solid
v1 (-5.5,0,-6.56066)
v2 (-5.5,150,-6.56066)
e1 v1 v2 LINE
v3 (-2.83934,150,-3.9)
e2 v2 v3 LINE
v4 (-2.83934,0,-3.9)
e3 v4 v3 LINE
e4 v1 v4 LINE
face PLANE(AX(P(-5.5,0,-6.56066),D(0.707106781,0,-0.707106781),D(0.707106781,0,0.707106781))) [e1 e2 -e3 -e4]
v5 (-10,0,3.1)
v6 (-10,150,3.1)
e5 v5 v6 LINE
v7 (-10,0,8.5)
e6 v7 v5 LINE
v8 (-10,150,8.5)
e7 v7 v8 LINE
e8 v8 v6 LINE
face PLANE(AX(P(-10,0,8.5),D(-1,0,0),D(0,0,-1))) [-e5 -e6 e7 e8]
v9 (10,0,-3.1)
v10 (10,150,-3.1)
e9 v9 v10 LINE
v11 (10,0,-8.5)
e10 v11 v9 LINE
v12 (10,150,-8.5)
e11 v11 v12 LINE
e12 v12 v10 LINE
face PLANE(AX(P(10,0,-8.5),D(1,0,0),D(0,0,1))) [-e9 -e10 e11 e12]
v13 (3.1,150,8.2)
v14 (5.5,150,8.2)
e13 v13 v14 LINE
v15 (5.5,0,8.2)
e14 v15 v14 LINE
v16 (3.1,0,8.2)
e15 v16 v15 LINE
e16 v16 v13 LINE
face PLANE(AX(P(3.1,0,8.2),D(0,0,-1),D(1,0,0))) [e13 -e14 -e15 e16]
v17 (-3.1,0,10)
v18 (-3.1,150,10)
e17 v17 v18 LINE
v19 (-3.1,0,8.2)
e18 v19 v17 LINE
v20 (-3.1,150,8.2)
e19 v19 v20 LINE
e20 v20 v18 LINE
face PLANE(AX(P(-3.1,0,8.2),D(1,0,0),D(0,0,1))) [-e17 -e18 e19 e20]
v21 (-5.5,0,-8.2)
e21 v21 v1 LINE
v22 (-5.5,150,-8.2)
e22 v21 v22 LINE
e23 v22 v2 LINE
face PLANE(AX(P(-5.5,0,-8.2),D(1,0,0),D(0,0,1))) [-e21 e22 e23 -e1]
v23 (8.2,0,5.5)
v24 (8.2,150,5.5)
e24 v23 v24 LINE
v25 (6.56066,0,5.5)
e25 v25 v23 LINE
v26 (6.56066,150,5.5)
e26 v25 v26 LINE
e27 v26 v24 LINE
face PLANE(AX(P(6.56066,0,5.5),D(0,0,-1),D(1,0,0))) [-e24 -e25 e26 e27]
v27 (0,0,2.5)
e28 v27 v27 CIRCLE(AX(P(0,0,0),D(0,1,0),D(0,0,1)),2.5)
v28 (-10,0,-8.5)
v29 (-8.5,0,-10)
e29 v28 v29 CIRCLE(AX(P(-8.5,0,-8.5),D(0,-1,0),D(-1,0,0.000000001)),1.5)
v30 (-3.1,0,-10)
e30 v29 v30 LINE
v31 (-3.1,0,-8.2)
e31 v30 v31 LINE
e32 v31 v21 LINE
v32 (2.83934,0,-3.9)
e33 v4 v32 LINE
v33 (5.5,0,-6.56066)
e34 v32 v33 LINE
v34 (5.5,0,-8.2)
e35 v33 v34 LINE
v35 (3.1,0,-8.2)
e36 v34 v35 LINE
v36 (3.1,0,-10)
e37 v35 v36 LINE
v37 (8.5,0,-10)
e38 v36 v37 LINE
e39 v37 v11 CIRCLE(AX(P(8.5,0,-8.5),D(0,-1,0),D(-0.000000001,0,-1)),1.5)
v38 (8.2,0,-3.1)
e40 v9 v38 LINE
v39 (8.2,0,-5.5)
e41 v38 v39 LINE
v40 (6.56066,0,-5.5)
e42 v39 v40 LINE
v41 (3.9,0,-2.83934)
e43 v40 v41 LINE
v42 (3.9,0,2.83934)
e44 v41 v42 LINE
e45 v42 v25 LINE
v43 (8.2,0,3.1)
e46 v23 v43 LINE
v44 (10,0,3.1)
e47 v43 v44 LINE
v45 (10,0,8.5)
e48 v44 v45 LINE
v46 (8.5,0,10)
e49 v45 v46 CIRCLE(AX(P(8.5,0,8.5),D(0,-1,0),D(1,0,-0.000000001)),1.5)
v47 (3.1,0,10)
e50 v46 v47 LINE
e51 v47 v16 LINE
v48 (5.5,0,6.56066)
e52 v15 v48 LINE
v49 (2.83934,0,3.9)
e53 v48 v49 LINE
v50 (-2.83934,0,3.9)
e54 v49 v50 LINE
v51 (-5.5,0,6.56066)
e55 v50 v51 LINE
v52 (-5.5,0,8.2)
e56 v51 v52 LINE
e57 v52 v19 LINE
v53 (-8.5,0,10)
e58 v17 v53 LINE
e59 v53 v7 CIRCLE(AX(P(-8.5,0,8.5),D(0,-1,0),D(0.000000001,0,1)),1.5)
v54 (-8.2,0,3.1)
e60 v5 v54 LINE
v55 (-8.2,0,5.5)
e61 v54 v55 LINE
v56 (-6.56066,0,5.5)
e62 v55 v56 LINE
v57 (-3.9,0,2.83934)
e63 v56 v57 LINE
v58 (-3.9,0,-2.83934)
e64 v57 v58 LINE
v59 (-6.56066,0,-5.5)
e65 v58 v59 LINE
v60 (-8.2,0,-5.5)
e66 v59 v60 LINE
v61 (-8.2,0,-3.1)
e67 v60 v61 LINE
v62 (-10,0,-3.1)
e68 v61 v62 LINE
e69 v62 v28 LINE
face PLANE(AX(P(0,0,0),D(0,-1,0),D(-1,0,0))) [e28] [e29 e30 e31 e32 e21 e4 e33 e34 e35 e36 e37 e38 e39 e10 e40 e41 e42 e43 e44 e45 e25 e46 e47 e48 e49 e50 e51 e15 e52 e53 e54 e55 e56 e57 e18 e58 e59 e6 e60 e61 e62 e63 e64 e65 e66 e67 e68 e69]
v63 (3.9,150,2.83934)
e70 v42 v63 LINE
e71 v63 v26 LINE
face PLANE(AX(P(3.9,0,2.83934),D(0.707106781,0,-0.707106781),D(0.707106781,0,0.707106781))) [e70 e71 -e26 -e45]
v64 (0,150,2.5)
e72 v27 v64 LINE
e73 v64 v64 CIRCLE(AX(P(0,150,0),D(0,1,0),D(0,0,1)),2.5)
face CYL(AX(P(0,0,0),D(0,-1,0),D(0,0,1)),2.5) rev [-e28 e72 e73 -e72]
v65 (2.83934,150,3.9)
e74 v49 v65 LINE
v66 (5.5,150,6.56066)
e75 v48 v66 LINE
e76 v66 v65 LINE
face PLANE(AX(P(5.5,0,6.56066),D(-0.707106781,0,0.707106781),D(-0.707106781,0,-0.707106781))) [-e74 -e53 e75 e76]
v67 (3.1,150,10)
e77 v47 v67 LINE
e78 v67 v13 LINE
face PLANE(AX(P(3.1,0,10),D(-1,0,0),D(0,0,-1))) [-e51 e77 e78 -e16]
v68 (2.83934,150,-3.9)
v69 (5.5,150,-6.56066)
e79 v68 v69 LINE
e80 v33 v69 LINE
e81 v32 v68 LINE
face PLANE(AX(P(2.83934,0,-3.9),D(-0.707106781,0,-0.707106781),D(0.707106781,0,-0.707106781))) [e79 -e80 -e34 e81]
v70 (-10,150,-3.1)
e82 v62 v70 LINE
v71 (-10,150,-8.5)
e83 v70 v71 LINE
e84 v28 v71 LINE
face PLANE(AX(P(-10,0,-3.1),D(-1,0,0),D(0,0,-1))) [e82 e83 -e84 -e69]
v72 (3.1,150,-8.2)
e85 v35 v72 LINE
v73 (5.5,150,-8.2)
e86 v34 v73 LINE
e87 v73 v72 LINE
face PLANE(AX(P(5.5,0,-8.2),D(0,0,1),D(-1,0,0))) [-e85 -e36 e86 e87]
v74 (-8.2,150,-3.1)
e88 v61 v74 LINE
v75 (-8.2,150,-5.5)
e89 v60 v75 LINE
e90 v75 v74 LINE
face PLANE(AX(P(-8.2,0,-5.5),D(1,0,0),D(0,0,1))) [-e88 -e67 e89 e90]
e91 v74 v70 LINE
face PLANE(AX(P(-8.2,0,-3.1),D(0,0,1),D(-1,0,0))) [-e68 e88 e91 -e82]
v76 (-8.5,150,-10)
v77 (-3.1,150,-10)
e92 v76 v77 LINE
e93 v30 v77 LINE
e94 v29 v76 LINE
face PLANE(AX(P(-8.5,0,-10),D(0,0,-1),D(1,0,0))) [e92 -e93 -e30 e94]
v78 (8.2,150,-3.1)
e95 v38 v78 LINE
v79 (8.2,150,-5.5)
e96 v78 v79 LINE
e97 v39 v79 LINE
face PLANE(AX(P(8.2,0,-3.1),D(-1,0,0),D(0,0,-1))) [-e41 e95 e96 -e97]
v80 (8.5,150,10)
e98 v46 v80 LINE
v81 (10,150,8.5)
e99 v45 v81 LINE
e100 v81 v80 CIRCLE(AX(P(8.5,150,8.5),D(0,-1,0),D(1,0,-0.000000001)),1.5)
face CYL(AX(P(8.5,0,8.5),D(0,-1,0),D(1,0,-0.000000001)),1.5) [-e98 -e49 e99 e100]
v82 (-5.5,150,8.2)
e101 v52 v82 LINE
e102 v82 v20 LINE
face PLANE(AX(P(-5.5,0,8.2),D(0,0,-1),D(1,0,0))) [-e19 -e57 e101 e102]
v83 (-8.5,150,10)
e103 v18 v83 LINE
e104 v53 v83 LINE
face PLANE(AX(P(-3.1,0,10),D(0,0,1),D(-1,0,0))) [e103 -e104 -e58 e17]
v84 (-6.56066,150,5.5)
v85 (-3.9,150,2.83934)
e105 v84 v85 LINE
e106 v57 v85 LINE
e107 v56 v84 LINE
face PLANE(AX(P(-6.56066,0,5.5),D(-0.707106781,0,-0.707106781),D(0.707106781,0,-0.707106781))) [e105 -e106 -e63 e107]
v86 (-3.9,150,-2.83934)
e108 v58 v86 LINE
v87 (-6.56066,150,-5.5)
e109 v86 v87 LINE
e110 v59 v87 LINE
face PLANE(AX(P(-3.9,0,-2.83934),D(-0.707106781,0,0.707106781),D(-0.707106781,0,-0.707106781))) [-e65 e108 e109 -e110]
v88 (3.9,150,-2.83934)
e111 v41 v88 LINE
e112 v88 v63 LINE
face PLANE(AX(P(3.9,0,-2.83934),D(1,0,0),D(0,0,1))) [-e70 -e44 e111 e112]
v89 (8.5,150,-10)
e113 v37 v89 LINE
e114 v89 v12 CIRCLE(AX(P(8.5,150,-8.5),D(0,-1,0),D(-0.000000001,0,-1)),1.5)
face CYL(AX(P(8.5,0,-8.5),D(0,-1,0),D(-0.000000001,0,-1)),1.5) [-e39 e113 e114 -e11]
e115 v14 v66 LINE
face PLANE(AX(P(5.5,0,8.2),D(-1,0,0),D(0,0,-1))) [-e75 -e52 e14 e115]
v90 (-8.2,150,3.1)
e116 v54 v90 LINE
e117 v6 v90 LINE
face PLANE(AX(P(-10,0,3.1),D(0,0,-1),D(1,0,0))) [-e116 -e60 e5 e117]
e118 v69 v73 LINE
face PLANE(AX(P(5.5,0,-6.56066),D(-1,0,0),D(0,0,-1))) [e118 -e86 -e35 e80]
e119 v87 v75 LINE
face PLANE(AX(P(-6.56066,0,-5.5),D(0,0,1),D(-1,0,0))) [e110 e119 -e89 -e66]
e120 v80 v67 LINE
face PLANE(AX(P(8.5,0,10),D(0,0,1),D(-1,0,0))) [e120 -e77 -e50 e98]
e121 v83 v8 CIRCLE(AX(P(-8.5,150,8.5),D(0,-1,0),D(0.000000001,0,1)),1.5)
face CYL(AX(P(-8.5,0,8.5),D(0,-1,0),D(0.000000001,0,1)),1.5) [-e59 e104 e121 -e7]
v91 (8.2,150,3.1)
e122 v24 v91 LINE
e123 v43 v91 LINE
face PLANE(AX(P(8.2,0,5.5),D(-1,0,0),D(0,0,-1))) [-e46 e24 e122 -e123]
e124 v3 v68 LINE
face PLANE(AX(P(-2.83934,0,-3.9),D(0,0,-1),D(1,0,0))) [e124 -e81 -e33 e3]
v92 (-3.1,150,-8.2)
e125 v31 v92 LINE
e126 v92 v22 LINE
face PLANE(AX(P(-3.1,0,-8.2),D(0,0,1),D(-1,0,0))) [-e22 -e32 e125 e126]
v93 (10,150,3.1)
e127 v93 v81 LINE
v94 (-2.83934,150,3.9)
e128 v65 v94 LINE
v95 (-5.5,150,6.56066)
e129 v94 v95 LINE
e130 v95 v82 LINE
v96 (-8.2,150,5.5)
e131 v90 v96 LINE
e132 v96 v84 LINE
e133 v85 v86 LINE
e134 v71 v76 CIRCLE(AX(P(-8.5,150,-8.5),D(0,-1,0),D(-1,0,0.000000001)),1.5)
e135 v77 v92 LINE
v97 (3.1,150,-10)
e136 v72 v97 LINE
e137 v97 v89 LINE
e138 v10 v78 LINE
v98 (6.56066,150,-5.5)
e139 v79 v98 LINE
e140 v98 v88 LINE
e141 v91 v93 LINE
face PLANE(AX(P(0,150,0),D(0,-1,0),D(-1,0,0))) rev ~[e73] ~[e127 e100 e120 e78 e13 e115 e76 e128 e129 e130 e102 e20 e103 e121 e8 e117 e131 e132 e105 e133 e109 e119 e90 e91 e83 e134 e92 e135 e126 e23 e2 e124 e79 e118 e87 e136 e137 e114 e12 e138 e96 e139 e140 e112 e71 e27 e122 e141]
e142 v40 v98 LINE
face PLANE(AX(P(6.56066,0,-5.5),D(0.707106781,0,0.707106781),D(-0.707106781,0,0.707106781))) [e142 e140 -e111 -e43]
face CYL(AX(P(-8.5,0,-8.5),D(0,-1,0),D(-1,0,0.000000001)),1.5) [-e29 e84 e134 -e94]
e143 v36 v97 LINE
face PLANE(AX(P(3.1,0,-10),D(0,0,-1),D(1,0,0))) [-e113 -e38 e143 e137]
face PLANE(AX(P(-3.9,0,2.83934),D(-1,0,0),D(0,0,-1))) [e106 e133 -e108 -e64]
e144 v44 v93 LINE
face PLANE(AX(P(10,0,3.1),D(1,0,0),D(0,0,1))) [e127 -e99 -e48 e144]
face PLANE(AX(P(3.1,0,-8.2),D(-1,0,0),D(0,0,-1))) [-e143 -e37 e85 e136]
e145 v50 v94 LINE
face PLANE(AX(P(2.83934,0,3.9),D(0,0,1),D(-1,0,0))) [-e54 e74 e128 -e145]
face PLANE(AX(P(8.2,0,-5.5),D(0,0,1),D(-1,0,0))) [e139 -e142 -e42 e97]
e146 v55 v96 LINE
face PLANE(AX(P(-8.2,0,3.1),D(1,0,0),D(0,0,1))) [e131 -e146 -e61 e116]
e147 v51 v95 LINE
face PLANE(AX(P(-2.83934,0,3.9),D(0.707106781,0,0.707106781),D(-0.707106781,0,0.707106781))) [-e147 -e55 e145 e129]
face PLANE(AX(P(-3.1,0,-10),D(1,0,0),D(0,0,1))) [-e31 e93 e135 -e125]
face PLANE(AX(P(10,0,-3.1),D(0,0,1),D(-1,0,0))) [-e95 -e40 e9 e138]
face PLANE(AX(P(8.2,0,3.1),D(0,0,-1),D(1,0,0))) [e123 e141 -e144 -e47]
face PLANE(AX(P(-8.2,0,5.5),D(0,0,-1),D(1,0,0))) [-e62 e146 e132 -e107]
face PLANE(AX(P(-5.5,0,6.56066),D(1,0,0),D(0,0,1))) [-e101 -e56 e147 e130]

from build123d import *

# Parameters (mm, degrees)
SKETCH_2_R      = 2.5
EXTRUDE_1_DEPTH = 150


with BuildPart() as part:
    # 草图2 → 凸台-拉伸1 (new body)
    with BuildSketch(Plane(origin=(0, 0, 0), x_dir=(1, 0, 0), z_dir=(0, 1, 0))):
        with BuildLine():
            Line((-2.839339828, -3.9), (-5.5, -6.560660172))
            Line((-5.5, -6.560660172), (-5.5, -8.2))
            Line((-5.5, -8.2), (-3.1, -8.2))
            Line((-3.1, -8.2), (-3.1, -10))
            Line((-3.1, -10), (-8.5, -10))
            ThreePointArc((-8.5, -10), (-9.560660172, -9.560660172), (-10, -8.5))
            Line((-10, -8.5), (-10, -3.1))
            Line((-10, -3.1), (-8.2, -3.1))
            Line((-8.2, -3.1), (-8.2, -5.5))
            Line((-8.2, -5.5), (-6.560660172, -5.5))
            Line((-6.560660172, -5.5), (-3.9, -2.839339828))
            Line((-3.9, -2.839339828), (-3.9, 2.839339828))
            Line((-3.9, 2.839339828), (-6.560660172, 5.5))
            Line((-6.560660172, 5.5), (-8.2, 5.5))
            Line((-8.2, 5.5), (-8.2, 3.1))
            Line((-8.2, 3.1), (-10, 3.1))
            Line((-10, 3.1), (-10, 8.5))
            ThreePointArc((-10, 8.5), (-9.560660172, 9.560660172), (-8.5, 10))
            Line((-8.5, 10), (-3.1, 10))
            Line((-3.1, 10), (-3.1, 8.2))
            Line((-3.1, 8.2), (-5.5, 8.2))
            Line((-5.5, 8.2), (-5.5, 6.560660172))
            Line((-5.5, 6.560660172), (-2.839339828, 3.9))
            Line((-2.839339828, 3.9), (2.839339828, 3.9))
            Line((2.839339828, 3.9), (5.5, 6.560660172))
            Line((5.5, 6.560660172), (5.5, 8.2))
            Line((5.5, 8.2), (3.1, 8.2))
            Line((3.1, 8.2), (3.1, 10))
            Line((3.1, 10), (8.5, 10))
            ThreePointArc((8.5, 10), (9.560660172, 9.560660172), (10, 8.5))
            Line((10, 8.5), (10, 3.1))
            Line((10, 3.1), (8.2, 3.1))
            Line((8.2, 3.1), (8.2, 5.5))
            Line((8.2, 5.5), (6.560660172, 5.5))
            Line((6.560660172, 5.5), (3.9, 2.839339828))
            Line((3.9, 2.839339828), (3.9, -2.839339828))
            Line((3.9, -2.839339828), (6.560660172, -5.5))
            Line((6.560660172, -5.5), (8.2, -5.5))
            Line((8.2, -5.5), (8.2, -3.1))
            Line((8.2, -3.1), (10, -3.1))
            Line((10, -3.1), (10, -8.5))
            ThreePointArc((10, -8.5), (9.560660172, -9.560660172), (8.5, -10))
            Line((8.5, -10), (3.1, -10))
            Line((3.1, -10), (3.1, -8.2))
            Line((3.1, -8.2), (5.5, -8.2))
            Line((5.5, -8.2), (5.5, -6.560660172))
            Line((5.5, -6.560660172), (2.839339828, -3.9))
            Line((2.839339828, -3.9), (-2.839339828, -3.9))
        make_face()
        with Locations(Location((0, 0, 0), (0, 0, 270))):
            Circle(SKETCH_2_R, mode=Mode.SUBTRACT)
    extrude(amount=EXTRUDE_1_DEPTH)


solid = part.part
